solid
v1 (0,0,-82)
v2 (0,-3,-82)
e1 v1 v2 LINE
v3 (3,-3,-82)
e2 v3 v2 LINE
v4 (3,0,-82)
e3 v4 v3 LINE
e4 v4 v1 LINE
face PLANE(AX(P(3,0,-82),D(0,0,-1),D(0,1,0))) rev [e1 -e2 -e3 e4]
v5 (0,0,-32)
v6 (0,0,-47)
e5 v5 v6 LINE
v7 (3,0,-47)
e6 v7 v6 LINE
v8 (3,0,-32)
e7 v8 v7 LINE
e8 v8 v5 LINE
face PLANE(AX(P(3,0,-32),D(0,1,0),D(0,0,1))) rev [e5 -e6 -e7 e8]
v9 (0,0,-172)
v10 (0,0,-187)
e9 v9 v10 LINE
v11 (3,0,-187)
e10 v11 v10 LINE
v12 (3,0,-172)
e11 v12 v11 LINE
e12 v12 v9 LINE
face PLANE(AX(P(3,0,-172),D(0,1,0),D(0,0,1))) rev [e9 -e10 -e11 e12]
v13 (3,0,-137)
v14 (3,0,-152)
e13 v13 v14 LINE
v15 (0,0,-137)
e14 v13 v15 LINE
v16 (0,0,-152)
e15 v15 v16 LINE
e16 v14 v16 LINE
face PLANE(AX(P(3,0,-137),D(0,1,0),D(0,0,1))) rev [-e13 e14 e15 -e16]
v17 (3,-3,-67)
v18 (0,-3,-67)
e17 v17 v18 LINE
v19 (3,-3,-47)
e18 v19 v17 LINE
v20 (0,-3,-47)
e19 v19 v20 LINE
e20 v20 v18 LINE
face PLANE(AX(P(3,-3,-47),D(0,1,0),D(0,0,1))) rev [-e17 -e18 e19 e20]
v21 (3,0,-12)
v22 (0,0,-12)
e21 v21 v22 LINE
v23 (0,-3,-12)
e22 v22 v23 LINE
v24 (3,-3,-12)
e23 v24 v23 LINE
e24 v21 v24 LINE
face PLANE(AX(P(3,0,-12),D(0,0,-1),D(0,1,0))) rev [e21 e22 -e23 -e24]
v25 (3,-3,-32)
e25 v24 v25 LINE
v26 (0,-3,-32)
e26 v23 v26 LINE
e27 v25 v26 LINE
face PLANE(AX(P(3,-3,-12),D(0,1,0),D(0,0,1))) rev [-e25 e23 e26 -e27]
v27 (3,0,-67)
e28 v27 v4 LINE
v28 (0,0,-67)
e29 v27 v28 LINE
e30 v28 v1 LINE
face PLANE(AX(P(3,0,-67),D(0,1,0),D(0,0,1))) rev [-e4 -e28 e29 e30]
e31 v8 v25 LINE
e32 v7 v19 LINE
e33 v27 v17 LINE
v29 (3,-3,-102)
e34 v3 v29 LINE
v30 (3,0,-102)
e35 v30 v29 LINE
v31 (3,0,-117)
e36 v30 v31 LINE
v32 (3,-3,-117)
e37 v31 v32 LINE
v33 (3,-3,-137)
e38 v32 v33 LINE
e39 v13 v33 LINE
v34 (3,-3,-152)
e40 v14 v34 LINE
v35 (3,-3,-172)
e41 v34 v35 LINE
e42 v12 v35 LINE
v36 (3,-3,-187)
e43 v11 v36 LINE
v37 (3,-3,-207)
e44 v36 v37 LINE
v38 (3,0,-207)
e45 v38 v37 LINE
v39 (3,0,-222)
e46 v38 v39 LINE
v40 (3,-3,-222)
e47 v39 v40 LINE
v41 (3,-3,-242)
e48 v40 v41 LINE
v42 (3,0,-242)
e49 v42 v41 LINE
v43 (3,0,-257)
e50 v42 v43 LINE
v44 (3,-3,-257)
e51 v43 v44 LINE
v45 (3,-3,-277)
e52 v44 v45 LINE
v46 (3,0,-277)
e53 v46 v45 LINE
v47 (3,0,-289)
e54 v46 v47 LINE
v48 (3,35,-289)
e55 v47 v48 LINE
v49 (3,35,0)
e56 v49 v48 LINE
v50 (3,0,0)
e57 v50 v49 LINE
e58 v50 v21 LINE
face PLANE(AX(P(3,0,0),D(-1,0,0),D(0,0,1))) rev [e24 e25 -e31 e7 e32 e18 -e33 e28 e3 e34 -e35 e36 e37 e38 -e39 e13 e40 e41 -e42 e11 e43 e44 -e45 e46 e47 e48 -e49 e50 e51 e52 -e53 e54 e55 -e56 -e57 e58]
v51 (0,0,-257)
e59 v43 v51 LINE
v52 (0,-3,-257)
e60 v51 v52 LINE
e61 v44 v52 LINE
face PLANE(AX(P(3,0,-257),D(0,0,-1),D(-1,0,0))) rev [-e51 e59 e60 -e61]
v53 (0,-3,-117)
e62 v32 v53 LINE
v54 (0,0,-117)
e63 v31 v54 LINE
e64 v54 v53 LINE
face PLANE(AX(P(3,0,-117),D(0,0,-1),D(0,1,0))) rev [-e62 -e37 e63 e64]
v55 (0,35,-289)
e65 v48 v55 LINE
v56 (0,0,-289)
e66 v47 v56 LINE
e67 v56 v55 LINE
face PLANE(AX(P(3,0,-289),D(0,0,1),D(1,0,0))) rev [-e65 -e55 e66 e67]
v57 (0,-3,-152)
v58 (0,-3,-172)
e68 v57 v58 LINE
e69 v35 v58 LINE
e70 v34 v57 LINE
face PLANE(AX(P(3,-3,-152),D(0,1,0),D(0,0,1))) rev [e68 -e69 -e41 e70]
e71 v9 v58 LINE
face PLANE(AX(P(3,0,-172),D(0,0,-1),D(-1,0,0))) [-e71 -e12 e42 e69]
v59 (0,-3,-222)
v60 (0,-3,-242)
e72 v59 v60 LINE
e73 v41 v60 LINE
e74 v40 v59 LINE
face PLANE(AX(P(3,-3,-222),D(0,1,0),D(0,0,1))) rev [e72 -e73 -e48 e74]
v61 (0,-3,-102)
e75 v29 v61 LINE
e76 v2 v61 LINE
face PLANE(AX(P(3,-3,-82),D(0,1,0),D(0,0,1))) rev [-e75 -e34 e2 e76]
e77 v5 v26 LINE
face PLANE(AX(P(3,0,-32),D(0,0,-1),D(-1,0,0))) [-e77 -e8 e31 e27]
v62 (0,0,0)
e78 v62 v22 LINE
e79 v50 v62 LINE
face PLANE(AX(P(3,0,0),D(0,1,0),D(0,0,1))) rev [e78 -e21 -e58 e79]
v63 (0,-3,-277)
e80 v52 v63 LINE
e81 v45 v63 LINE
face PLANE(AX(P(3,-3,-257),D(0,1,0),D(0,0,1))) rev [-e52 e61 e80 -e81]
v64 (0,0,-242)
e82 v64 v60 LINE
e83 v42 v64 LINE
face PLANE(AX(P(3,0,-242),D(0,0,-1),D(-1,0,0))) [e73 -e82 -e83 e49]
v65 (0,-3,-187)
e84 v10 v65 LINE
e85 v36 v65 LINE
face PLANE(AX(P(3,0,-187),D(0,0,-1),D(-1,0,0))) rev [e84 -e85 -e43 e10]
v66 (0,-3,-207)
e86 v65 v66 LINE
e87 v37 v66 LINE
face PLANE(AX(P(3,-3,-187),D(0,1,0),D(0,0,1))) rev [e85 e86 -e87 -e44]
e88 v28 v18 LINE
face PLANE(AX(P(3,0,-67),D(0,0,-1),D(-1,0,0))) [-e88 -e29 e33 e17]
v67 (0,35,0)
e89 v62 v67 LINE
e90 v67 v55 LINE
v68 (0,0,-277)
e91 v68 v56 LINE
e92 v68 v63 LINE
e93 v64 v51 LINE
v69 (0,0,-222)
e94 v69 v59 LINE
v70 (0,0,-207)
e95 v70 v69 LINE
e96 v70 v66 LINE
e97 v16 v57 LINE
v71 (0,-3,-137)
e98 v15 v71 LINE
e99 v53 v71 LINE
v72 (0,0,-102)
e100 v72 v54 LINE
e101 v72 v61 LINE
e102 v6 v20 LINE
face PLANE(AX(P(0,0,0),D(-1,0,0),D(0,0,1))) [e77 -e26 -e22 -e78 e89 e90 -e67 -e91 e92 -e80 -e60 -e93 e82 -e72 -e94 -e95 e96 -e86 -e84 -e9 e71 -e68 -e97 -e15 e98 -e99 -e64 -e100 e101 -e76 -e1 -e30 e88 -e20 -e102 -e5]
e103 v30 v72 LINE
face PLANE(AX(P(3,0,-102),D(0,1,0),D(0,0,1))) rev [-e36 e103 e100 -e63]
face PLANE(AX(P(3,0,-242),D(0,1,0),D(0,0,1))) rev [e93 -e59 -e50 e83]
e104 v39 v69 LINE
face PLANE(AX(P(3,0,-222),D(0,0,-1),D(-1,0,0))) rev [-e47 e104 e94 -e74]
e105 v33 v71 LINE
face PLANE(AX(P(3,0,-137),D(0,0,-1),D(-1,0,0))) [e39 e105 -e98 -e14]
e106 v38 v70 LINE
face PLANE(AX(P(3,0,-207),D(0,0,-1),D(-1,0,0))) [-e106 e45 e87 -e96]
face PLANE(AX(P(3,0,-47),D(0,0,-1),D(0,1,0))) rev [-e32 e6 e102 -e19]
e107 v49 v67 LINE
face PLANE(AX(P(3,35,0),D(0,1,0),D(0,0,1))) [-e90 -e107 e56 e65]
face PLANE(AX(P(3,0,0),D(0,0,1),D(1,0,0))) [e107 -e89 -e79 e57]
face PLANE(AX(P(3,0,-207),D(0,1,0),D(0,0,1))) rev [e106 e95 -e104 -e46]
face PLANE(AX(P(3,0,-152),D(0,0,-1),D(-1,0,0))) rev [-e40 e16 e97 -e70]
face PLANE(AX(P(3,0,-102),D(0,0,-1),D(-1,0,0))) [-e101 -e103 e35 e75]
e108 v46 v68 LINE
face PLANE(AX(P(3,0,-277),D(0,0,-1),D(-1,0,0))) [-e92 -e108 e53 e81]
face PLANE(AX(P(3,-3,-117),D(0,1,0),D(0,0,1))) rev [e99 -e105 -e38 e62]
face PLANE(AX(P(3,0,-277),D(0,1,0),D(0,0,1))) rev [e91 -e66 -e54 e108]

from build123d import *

# Parameters (mm, degrees)
BOSS_EXTRUDE1_DEPTH = 3


with BuildPart() as part:
    # Sketch1 → Boss-Extrude1 (new body)
    with BuildSketch(Plane(origin=(0, 0, 0), x_dir=(0, 0, -1), z_dir=(1, 0, 0))):
        Polygon((32, 0), (47, 0), (47, -3), (67, -3), (67, 0), (82, 0), (82, -3), (102, -3), (102, 0), (117, 0), (117, -3), (137, -3), (137, 0), (152, 0), (152, -3), (172, -3), (172, 0), (187, 0), (187, -3), (207, -3), (207, 0), (222, 0), (222, -3), (242, -3), (242, 0), (257, 0), (257, -3), (277, -3), (277, 0), (289, 0), (289, 35), (0, 35), (0, 0), (12, 0), (12, -3), (32, -3), align=None)
    extrude(amount=BOSS_EXTRUDE1_DEPTH)


solid = part.part
